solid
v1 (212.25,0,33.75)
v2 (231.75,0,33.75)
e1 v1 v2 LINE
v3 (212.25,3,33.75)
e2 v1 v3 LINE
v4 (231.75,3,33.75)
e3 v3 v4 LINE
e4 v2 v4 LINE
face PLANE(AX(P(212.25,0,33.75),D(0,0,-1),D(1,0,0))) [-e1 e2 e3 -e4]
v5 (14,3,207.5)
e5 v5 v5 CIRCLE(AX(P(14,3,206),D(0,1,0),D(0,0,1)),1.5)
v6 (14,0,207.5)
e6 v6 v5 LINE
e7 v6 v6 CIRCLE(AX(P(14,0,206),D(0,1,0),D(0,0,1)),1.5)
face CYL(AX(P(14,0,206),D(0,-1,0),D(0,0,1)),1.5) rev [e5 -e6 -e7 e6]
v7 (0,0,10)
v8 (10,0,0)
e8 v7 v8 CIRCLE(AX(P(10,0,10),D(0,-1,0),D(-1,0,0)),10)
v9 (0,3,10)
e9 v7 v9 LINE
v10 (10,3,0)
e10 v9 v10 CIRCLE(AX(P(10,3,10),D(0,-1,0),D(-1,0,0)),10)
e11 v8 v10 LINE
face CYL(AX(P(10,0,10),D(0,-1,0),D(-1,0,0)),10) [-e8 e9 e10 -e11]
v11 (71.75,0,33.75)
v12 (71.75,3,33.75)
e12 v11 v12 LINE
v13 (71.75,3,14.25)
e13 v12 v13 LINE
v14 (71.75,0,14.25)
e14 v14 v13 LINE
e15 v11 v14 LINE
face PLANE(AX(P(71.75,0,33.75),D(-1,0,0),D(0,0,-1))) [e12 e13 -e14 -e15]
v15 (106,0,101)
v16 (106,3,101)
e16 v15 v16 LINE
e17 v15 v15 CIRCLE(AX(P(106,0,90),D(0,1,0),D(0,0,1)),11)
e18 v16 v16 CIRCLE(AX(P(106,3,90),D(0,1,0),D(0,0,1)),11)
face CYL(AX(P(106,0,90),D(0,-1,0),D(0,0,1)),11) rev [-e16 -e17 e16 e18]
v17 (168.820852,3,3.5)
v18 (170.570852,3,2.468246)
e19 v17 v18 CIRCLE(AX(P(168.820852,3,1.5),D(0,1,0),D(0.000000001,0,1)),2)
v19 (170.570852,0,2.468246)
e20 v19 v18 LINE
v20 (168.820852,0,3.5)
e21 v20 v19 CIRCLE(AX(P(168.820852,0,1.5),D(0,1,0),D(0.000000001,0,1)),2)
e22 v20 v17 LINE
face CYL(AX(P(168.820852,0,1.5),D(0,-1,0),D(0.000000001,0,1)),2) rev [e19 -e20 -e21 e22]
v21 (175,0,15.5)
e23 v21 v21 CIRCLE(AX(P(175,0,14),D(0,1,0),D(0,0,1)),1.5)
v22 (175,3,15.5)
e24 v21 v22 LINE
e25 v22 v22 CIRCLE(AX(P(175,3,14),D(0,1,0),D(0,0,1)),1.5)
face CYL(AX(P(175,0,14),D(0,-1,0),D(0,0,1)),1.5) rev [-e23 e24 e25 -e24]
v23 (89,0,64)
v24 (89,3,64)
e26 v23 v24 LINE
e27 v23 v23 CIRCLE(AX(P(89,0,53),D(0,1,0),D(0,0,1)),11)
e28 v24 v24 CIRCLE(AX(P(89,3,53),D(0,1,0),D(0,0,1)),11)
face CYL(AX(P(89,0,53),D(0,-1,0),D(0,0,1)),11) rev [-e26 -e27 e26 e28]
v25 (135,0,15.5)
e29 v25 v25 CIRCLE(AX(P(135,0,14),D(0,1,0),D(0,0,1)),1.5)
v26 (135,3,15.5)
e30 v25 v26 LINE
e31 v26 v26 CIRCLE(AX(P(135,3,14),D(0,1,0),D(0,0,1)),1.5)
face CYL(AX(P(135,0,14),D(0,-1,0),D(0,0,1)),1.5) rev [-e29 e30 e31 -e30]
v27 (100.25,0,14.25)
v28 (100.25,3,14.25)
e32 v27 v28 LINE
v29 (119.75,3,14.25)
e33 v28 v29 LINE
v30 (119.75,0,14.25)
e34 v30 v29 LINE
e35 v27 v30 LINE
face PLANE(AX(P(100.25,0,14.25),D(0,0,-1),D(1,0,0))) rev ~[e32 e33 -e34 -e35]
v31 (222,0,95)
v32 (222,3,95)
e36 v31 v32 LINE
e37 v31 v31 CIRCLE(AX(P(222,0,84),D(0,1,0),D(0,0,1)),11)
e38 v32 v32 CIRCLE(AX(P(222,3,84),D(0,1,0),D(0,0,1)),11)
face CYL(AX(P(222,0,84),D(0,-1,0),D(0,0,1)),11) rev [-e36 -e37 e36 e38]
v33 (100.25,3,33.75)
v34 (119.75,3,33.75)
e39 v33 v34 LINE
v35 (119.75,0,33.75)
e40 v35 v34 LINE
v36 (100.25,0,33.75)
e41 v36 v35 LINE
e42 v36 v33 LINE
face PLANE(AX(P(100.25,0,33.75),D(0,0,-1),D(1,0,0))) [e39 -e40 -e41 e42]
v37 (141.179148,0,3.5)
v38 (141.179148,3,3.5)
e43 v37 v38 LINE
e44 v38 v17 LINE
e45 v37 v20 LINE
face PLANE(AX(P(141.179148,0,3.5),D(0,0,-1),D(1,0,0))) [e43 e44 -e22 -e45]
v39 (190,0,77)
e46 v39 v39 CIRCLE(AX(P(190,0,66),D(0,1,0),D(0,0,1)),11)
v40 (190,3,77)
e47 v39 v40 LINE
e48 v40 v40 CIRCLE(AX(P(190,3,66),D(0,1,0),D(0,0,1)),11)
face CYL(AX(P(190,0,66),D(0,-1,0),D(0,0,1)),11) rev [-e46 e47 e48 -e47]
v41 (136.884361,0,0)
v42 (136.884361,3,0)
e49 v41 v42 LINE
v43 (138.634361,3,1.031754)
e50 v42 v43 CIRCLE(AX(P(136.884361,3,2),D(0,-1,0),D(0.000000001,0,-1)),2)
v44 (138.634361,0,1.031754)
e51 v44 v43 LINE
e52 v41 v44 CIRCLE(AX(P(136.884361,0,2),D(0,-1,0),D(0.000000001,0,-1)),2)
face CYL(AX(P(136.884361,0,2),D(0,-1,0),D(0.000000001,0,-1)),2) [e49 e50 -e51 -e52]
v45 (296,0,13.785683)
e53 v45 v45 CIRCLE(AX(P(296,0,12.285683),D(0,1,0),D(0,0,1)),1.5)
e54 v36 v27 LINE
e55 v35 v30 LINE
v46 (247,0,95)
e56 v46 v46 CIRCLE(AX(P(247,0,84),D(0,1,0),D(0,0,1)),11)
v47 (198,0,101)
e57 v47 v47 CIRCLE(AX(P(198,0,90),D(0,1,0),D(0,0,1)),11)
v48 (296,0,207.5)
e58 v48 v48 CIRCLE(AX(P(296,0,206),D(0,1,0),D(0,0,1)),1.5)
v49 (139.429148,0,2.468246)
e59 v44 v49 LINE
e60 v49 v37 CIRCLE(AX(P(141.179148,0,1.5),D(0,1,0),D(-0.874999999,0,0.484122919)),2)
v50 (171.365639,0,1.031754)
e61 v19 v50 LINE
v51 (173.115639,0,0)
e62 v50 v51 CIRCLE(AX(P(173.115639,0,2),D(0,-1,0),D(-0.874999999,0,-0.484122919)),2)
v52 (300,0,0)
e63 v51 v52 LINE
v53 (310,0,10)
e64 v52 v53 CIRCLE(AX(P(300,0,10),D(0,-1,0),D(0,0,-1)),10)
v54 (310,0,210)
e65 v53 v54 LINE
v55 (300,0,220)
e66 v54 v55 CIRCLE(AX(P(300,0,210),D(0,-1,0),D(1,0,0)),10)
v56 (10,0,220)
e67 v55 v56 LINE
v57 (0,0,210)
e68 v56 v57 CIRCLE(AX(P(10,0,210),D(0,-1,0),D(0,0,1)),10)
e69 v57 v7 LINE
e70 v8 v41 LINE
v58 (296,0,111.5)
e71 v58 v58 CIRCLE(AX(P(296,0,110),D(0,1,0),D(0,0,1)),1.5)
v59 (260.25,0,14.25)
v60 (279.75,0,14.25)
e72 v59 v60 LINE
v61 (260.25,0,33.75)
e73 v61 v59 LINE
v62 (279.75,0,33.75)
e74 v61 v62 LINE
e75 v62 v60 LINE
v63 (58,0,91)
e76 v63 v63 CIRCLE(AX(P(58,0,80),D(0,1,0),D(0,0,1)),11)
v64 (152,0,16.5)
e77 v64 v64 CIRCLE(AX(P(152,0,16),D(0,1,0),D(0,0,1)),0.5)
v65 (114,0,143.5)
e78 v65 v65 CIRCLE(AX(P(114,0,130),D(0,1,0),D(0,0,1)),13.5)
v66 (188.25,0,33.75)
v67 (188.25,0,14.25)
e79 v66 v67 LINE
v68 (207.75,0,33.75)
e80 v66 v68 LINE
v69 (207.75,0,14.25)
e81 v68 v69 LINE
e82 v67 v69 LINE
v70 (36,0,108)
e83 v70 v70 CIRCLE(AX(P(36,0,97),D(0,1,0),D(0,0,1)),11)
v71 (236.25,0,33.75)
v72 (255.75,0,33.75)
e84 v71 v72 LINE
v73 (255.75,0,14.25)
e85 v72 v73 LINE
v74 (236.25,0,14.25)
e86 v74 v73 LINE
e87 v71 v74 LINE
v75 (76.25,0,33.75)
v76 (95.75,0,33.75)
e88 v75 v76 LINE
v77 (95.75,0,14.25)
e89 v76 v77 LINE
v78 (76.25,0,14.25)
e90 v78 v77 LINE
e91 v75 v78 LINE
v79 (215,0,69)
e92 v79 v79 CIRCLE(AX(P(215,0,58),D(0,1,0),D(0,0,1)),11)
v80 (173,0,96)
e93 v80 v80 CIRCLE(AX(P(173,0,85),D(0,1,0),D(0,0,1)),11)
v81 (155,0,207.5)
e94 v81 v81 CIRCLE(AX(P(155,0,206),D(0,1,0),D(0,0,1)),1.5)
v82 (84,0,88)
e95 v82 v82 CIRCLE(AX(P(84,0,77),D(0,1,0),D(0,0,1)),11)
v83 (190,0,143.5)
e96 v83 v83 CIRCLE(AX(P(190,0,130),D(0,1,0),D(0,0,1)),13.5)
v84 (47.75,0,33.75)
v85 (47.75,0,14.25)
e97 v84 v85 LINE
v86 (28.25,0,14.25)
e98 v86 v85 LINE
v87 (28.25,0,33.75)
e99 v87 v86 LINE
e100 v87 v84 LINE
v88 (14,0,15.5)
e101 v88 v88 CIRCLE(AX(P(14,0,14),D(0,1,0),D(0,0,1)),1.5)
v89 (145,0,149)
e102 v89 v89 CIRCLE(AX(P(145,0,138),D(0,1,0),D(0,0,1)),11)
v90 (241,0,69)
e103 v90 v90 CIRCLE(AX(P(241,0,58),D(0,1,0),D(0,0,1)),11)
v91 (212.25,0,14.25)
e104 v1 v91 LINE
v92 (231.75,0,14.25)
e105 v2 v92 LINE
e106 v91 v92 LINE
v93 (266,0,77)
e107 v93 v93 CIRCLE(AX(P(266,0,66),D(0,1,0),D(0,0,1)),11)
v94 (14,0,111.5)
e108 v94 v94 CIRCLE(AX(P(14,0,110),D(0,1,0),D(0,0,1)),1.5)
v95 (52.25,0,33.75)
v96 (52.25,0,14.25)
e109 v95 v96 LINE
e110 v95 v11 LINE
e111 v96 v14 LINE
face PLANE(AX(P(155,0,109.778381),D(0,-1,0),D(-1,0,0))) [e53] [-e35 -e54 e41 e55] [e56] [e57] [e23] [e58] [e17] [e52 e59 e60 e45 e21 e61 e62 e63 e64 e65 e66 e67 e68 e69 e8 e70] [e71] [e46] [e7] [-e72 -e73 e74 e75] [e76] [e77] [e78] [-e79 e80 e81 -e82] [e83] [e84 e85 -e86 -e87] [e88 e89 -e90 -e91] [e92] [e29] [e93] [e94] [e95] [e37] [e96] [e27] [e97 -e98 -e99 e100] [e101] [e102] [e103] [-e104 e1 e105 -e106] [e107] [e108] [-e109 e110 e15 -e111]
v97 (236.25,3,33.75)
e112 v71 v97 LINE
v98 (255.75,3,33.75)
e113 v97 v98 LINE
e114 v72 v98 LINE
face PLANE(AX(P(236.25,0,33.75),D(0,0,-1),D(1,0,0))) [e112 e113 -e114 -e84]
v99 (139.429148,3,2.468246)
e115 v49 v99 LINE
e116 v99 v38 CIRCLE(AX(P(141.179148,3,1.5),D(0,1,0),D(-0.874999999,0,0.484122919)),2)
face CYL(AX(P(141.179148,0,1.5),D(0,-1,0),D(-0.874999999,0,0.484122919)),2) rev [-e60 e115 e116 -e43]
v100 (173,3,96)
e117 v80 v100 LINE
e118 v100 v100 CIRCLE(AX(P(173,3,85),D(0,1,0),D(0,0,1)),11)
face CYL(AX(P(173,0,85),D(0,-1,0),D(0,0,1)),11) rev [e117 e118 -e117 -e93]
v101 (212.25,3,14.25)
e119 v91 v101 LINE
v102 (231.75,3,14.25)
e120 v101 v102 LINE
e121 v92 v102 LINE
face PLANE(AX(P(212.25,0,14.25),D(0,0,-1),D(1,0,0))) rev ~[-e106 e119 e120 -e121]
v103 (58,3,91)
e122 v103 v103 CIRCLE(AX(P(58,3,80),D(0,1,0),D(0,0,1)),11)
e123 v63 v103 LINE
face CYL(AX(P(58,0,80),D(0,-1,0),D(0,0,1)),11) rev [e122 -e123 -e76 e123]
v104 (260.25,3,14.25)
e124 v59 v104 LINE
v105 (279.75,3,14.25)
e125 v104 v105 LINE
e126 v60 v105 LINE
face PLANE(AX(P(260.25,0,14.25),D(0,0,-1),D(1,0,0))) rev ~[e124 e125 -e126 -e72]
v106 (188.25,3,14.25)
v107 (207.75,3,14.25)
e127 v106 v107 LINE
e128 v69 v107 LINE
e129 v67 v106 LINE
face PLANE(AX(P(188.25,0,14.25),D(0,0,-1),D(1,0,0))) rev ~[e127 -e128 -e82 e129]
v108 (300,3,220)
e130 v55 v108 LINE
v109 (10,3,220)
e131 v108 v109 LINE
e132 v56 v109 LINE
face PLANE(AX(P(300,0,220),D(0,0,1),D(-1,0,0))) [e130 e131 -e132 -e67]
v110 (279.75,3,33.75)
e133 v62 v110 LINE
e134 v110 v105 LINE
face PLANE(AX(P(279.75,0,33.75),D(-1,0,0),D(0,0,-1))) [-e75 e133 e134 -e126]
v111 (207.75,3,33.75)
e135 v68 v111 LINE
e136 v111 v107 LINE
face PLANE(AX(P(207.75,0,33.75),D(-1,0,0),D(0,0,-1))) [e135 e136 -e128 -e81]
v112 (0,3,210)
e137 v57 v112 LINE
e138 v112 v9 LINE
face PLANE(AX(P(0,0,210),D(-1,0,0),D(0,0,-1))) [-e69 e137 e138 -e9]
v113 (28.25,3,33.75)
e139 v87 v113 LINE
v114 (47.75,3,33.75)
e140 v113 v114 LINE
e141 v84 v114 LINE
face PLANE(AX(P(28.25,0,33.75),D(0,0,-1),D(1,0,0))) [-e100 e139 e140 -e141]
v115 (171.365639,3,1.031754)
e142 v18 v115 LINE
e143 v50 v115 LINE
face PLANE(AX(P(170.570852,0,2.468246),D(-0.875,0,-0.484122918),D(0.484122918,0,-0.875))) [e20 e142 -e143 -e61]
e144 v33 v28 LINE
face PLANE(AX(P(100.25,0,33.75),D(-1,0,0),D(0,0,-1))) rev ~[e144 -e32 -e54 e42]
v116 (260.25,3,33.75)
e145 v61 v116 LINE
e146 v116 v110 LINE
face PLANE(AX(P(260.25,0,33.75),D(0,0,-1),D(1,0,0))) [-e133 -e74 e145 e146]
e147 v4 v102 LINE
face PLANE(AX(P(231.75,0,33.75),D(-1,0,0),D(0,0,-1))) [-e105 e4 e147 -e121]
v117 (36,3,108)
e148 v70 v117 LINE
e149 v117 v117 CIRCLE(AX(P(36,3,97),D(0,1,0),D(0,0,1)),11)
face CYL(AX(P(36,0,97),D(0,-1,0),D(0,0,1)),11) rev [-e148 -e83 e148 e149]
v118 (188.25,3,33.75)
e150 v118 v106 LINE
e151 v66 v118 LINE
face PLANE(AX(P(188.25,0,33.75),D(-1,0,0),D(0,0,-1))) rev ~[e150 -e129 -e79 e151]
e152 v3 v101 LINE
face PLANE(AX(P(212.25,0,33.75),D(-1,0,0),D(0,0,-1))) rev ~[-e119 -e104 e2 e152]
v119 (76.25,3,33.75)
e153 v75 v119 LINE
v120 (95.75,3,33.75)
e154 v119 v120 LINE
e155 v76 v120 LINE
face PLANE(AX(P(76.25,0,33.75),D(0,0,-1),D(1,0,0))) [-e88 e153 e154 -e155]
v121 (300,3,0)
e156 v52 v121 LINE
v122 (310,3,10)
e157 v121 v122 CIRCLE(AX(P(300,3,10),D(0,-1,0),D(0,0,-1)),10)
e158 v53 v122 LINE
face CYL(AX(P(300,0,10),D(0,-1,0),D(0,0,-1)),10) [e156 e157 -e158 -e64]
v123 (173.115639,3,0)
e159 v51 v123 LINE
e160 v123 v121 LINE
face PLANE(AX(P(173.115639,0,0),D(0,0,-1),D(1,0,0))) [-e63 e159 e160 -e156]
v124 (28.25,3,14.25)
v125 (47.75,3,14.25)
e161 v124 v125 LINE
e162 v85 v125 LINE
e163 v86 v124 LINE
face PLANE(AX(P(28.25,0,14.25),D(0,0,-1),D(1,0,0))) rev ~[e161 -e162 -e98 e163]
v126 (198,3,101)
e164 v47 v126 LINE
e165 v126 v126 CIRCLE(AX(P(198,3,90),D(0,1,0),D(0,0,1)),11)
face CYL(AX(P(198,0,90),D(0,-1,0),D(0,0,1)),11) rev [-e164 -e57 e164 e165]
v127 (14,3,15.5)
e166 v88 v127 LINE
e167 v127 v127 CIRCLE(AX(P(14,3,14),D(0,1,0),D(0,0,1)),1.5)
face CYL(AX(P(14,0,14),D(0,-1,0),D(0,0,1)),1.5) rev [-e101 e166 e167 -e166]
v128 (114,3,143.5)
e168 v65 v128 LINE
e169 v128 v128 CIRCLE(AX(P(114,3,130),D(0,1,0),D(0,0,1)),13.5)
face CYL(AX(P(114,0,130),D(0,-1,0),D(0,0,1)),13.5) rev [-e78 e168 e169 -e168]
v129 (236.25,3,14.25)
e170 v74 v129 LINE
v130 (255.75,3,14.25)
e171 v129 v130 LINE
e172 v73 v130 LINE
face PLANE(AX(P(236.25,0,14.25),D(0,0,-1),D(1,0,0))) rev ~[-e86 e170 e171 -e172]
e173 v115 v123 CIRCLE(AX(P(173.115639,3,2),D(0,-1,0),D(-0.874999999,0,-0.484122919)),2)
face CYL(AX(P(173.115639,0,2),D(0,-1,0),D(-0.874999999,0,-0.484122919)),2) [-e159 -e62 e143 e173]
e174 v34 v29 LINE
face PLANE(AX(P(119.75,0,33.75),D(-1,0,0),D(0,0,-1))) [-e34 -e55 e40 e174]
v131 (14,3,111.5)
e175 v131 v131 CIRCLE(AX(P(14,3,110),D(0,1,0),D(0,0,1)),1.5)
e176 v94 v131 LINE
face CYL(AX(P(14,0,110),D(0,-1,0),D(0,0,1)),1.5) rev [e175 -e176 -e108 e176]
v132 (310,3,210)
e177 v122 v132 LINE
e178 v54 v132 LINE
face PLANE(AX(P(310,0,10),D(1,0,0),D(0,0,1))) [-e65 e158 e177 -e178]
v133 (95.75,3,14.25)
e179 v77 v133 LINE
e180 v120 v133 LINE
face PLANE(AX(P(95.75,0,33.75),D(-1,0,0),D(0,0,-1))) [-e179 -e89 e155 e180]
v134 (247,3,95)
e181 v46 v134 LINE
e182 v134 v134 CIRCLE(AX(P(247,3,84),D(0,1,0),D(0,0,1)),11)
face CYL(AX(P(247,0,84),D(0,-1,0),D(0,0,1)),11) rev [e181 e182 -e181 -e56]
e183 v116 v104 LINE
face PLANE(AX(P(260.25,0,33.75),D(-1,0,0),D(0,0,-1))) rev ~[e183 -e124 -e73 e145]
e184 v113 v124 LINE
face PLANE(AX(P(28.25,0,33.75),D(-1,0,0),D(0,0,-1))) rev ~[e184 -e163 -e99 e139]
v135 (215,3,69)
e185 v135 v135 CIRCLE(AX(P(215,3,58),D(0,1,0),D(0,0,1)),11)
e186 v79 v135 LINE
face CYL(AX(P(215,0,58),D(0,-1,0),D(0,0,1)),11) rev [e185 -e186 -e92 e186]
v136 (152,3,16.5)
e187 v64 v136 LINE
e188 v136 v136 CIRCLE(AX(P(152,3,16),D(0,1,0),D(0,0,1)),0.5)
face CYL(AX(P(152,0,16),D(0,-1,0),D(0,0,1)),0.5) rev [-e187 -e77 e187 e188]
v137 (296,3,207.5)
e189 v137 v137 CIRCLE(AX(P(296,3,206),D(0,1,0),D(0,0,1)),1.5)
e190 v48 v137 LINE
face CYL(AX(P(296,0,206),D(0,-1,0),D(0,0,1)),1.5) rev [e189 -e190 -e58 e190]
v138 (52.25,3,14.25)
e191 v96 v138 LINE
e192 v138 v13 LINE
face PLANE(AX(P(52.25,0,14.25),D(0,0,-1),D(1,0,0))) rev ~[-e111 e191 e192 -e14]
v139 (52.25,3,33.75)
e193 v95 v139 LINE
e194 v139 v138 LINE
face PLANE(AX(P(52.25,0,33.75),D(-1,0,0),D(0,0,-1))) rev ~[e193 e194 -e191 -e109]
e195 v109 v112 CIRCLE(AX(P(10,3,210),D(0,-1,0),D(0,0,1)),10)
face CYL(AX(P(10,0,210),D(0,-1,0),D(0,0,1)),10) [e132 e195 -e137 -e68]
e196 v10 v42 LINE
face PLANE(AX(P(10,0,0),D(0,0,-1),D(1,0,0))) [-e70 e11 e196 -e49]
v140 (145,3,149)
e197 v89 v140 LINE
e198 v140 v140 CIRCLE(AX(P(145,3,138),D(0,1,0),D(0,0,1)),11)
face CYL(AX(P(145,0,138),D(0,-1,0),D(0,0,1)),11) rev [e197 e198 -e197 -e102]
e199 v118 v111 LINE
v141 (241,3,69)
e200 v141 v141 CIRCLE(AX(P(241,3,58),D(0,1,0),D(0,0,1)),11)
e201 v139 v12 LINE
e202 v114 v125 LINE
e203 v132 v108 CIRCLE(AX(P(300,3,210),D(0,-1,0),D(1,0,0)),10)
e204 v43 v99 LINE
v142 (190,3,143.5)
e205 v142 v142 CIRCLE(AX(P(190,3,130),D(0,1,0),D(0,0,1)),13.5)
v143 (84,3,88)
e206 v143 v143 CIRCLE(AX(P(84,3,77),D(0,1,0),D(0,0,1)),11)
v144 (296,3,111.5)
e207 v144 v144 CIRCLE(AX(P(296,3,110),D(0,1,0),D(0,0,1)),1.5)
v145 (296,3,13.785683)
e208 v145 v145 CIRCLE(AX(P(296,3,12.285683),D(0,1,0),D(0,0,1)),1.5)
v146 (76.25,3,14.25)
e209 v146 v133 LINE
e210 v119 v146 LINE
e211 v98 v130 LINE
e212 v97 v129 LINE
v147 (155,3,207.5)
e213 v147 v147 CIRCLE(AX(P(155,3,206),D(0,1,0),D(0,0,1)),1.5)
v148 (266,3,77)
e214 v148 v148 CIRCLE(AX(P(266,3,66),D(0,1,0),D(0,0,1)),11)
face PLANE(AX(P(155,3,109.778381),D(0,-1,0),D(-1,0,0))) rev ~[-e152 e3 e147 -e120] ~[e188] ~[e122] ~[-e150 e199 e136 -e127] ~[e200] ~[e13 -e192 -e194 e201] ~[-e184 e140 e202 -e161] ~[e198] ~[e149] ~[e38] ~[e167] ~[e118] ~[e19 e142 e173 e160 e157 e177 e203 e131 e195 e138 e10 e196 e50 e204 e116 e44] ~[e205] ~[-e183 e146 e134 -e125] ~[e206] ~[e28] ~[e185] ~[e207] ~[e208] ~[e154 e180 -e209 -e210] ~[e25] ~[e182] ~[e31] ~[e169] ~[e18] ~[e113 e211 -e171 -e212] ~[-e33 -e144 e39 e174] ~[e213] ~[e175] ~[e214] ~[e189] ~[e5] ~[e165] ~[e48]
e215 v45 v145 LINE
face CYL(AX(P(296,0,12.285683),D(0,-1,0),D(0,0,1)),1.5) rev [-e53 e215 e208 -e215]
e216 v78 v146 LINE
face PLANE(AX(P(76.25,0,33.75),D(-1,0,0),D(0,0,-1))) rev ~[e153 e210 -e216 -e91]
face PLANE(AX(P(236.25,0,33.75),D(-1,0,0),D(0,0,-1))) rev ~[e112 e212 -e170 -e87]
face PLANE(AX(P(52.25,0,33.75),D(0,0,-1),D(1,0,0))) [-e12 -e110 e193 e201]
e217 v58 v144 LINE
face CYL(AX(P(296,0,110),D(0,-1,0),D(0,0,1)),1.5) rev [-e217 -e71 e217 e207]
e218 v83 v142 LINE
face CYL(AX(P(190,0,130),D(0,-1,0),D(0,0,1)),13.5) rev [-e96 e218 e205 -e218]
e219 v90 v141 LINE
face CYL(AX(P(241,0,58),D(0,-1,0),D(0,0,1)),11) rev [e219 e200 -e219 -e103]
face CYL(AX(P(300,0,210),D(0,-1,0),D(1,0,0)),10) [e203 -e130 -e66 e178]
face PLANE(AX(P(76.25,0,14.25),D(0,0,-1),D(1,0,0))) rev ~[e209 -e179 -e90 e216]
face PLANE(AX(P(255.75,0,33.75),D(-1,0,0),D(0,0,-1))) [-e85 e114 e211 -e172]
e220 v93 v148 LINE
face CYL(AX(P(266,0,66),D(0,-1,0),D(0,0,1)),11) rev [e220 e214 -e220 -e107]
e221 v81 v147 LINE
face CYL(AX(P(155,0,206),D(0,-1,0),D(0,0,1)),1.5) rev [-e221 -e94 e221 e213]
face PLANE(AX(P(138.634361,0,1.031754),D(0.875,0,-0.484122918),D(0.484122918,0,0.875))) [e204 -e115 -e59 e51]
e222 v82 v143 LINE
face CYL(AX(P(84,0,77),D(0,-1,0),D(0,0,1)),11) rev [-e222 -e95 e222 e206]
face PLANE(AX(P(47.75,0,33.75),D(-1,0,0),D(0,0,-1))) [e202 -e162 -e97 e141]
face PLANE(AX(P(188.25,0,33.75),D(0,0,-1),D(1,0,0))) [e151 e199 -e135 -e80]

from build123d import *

# Parameters (mm, degrees)
SKETCH_1_R      = 11
SKETCH_1_R_2    = 1.5
SKETCH_1_R_3    = 13.5
SKETCH_1_R_4    = 0.5
SKETCH_1_W      = 19.5
SKETCH_1_H      = 19.5
EXTRUDE_1_DEPTH = 3


with BuildPart() as part:
    # 草图1 → 凸台-拉伸1 (new body)
    with BuildSketch(Plane(origin=(0, 0, 0), x_dir=(1, 0, 0), z_dir=(0, 1, 0))):
        with BuildLine():
            Line((10, 0), (136.884360712, 0))
            ThreePointArc((136.884360712, 0), (137.900113715, -0.277140216), (138.634360712, -1.031754163))
            Line((138.634360712, -1.031754163), (139.429147615, -2.468245837))
            ThreePointArc((139.429147615, -2.468245837), (140.163394612, -3.222859784), (141.179147615, -3.5))
            Line((141.179147615, -3.5), (168.820852385, -3.5))
            ThreePointArc((168.820852385, -3.5), (169.836605388, -3.222859784), (170.570852385, -2.468245837))
            Line((170.570852385, -2.468245837), (171.365639288, -1.031754163))
            ThreePointArc((171.365639288, -1.031754163), (172.099886285, -0.277140216), (173.115639288, 0))
            Line((173.115639288, 0), (300, 0))
            ThreePointArc((300, 0), (307.071067812, -2.928932188), (310, -10))
            Line((310, -10), (310, -210))
            ThreePointArc((310, -210), (307.071067812, -217.071067812), (300, -220))
            Line((300, -220), (10, -220))
            ThreePointArc((10, -220), (2.928932188, -217.071067812), (0, -210))
            Line((0, -210), (0, -10))
            ThreePointArc((0, -10), (2.928932188, -2.928932188), (10, 0))
        make_face()
        with Locations(Location((173, -85, 0), (0, 0, 270))):
            Circle(SKETCH_1_R, mode=Mode.SUBTRACT)
        with Locations(Location((190, -66, 0), (0, 0, 270))):
            Circle(SKETCH_1_R, mode=Mode.SUBTRACT)
        with Locations(Location((215, -58, 0), (0, 0, 270))):
            Circle(SKETCH_1_R, mode=Mode.SUBTRACT)
        with Locations(Location((222, -84, 0), (0, 0, 270))):
            Circle(SKETCH_1_R, mode=Mode.SUBTRACT)
        with Locations(Location((247, -84, 0), (0, 0, 270))):
            Circle(SKETCH_1_R, mode=Mode.SUBTRACT)
        with Locations(Location((241, -58, 0), (0, 0, 270))):
            Circle(SKETCH_1_R, mode=Mode.SUBTRACT)
        with Locations(Location((14, -14, 0), (0, 0, 270))):
            Circle(SKETCH_1_R_2, mode=Mode.SUBTRACT)
        with Locations(Location((14, -206, 0), (0, 0, 270))):
            Circle(SKETCH_1_R_2, mode=Mode.SUBTRACT)
        with Locations(Location((296, -206, 0), (0, 0, 270))):
            Circle(SKETCH_1_R_2, mode=Mode.SUBTRACT)
        with Locations(Location((296, -12.28568254, 0), (0, 0, 270))):
            Circle(SKETCH_1_R_2, mode=Mode.SUBTRACT)
        with Locations(Location((198, -90, 0), (0, 0, 270))):
            Circle(SKETCH_1_R, mode=Mode.SUBTRACT)
        with Locations(Location((114, -130, 0), (0, 0, 270))):
            Circle(SKETCH_1_R_3, mode=Mode.SUBTRACT)
        with Locations(Location((190, -130, 0), (0, 0, 270))):
            Circle(SKETCH_1_R_3, mode=Mode.SUBTRACT)
        with Locations(Location((155, -206, 0), (0, 0, 270))):
            Circle(SKETCH_1_R_2, mode=Mode.SUBTRACT)
        with Locations(Location((175, -14, 0), (0, 0, 270))):
            Circle(SKETCH_1_R_2, mode=Mode.SUBTRACT)
        with Locations(Location((145, -138, 0), (0, 0, 270))):
            Circle(SKETCH_1_R, mode=Mode.SUBTRACT)
        with Locations(Location((106, -90, 0), (0, 0, 270))):
            Circle(SKETCH_1_R, mode=Mode.SUBTRACT)
        with Locations(Location((84, -77, 0), (0, 0, 270))):
            Circle(SKETCH_1_R, mode=Mode.SUBTRACT)
        with Locations(Location((58, -80, 0), (0, 0, 270))):
            Circle(SKETCH_1_R, mode=Mode.SUBTRACT)
        with Locations(Location((36, -97, 0), (0, 0, 270))):
            Circle(SKETCH_1_R, mode=Mode.SUBTRACT)
        with Locations(Location((89, -53, 0), (0, 0, 270))):
            Circle(SKETCH_1_R, mode=Mode.SUBTRACT)
        with Locations(Location((266, -66, 0), (0, 0, 270))):
            Circle(SKETCH_1_R, mode=Mode.SUBTRACT)
        with Locations(Location((135, -14, 0), (0, 0, 270))):
            Circle(SKETCH_1_R_2, mode=Mode.SUBTRACT)
        with Locations(Location((296, -110, 0), (0, 0, 270))):
            Circle(SKETCH_1_R_2, mode=Mode.SUBTRACT)
        with Locations(Location((14, -110, 0), (0, 0, 270))):
            Circle(SKETCH_1_R_2, mode=Mode.SUBTRACT)
        with Locations(Location((152, -16, 0), (0, 0, 270))):
            Circle(SKETCH_1_R_4, mode=Mode.SUBTRACT)
        with Locations((38, -24)):
            Rectangle(SKETCH_1_W, SKETCH_1_H, mode=Mode.SUBTRACT)
        with Locations((62, -24)):
            Rectangle(SKETCH_1_W, SKETCH_1_H, mode=Mode.SUBTRACT)
        with Locations((86, -24)):
            Rectangle(SKETCH_1_W, SKETCH_1_H, mode=Mode.SUBTRACT)
        with Locations((110, -24)):
            Rectangle(SKETCH_1_W, SKETCH_1_H, mode=Mode.SUBTRACT)
        with Locations((198, -24)):
            Rectangle(SKETCH_1_W, SKETCH_1_H, mode=Mode.SUBTRACT)
        with Locations((222, -24)):
            Rectangle(SKETCH_1_W, SKETCH_1_H, mode=Mode.SUBTRACT)
        with Locations((246, -24)):
            Rectangle(SKETCH_1_W, SKETCH_1_H, mode=Mode.SUBTRACT)
        with Locations((270, -24)):
            Rectangle(SKETCH_1_W, SKETCH_1_H, mode=Mode.SUBTRACT)
    extrude(amount=EXTRUDE_1_DEPTH)


solid = part.part
